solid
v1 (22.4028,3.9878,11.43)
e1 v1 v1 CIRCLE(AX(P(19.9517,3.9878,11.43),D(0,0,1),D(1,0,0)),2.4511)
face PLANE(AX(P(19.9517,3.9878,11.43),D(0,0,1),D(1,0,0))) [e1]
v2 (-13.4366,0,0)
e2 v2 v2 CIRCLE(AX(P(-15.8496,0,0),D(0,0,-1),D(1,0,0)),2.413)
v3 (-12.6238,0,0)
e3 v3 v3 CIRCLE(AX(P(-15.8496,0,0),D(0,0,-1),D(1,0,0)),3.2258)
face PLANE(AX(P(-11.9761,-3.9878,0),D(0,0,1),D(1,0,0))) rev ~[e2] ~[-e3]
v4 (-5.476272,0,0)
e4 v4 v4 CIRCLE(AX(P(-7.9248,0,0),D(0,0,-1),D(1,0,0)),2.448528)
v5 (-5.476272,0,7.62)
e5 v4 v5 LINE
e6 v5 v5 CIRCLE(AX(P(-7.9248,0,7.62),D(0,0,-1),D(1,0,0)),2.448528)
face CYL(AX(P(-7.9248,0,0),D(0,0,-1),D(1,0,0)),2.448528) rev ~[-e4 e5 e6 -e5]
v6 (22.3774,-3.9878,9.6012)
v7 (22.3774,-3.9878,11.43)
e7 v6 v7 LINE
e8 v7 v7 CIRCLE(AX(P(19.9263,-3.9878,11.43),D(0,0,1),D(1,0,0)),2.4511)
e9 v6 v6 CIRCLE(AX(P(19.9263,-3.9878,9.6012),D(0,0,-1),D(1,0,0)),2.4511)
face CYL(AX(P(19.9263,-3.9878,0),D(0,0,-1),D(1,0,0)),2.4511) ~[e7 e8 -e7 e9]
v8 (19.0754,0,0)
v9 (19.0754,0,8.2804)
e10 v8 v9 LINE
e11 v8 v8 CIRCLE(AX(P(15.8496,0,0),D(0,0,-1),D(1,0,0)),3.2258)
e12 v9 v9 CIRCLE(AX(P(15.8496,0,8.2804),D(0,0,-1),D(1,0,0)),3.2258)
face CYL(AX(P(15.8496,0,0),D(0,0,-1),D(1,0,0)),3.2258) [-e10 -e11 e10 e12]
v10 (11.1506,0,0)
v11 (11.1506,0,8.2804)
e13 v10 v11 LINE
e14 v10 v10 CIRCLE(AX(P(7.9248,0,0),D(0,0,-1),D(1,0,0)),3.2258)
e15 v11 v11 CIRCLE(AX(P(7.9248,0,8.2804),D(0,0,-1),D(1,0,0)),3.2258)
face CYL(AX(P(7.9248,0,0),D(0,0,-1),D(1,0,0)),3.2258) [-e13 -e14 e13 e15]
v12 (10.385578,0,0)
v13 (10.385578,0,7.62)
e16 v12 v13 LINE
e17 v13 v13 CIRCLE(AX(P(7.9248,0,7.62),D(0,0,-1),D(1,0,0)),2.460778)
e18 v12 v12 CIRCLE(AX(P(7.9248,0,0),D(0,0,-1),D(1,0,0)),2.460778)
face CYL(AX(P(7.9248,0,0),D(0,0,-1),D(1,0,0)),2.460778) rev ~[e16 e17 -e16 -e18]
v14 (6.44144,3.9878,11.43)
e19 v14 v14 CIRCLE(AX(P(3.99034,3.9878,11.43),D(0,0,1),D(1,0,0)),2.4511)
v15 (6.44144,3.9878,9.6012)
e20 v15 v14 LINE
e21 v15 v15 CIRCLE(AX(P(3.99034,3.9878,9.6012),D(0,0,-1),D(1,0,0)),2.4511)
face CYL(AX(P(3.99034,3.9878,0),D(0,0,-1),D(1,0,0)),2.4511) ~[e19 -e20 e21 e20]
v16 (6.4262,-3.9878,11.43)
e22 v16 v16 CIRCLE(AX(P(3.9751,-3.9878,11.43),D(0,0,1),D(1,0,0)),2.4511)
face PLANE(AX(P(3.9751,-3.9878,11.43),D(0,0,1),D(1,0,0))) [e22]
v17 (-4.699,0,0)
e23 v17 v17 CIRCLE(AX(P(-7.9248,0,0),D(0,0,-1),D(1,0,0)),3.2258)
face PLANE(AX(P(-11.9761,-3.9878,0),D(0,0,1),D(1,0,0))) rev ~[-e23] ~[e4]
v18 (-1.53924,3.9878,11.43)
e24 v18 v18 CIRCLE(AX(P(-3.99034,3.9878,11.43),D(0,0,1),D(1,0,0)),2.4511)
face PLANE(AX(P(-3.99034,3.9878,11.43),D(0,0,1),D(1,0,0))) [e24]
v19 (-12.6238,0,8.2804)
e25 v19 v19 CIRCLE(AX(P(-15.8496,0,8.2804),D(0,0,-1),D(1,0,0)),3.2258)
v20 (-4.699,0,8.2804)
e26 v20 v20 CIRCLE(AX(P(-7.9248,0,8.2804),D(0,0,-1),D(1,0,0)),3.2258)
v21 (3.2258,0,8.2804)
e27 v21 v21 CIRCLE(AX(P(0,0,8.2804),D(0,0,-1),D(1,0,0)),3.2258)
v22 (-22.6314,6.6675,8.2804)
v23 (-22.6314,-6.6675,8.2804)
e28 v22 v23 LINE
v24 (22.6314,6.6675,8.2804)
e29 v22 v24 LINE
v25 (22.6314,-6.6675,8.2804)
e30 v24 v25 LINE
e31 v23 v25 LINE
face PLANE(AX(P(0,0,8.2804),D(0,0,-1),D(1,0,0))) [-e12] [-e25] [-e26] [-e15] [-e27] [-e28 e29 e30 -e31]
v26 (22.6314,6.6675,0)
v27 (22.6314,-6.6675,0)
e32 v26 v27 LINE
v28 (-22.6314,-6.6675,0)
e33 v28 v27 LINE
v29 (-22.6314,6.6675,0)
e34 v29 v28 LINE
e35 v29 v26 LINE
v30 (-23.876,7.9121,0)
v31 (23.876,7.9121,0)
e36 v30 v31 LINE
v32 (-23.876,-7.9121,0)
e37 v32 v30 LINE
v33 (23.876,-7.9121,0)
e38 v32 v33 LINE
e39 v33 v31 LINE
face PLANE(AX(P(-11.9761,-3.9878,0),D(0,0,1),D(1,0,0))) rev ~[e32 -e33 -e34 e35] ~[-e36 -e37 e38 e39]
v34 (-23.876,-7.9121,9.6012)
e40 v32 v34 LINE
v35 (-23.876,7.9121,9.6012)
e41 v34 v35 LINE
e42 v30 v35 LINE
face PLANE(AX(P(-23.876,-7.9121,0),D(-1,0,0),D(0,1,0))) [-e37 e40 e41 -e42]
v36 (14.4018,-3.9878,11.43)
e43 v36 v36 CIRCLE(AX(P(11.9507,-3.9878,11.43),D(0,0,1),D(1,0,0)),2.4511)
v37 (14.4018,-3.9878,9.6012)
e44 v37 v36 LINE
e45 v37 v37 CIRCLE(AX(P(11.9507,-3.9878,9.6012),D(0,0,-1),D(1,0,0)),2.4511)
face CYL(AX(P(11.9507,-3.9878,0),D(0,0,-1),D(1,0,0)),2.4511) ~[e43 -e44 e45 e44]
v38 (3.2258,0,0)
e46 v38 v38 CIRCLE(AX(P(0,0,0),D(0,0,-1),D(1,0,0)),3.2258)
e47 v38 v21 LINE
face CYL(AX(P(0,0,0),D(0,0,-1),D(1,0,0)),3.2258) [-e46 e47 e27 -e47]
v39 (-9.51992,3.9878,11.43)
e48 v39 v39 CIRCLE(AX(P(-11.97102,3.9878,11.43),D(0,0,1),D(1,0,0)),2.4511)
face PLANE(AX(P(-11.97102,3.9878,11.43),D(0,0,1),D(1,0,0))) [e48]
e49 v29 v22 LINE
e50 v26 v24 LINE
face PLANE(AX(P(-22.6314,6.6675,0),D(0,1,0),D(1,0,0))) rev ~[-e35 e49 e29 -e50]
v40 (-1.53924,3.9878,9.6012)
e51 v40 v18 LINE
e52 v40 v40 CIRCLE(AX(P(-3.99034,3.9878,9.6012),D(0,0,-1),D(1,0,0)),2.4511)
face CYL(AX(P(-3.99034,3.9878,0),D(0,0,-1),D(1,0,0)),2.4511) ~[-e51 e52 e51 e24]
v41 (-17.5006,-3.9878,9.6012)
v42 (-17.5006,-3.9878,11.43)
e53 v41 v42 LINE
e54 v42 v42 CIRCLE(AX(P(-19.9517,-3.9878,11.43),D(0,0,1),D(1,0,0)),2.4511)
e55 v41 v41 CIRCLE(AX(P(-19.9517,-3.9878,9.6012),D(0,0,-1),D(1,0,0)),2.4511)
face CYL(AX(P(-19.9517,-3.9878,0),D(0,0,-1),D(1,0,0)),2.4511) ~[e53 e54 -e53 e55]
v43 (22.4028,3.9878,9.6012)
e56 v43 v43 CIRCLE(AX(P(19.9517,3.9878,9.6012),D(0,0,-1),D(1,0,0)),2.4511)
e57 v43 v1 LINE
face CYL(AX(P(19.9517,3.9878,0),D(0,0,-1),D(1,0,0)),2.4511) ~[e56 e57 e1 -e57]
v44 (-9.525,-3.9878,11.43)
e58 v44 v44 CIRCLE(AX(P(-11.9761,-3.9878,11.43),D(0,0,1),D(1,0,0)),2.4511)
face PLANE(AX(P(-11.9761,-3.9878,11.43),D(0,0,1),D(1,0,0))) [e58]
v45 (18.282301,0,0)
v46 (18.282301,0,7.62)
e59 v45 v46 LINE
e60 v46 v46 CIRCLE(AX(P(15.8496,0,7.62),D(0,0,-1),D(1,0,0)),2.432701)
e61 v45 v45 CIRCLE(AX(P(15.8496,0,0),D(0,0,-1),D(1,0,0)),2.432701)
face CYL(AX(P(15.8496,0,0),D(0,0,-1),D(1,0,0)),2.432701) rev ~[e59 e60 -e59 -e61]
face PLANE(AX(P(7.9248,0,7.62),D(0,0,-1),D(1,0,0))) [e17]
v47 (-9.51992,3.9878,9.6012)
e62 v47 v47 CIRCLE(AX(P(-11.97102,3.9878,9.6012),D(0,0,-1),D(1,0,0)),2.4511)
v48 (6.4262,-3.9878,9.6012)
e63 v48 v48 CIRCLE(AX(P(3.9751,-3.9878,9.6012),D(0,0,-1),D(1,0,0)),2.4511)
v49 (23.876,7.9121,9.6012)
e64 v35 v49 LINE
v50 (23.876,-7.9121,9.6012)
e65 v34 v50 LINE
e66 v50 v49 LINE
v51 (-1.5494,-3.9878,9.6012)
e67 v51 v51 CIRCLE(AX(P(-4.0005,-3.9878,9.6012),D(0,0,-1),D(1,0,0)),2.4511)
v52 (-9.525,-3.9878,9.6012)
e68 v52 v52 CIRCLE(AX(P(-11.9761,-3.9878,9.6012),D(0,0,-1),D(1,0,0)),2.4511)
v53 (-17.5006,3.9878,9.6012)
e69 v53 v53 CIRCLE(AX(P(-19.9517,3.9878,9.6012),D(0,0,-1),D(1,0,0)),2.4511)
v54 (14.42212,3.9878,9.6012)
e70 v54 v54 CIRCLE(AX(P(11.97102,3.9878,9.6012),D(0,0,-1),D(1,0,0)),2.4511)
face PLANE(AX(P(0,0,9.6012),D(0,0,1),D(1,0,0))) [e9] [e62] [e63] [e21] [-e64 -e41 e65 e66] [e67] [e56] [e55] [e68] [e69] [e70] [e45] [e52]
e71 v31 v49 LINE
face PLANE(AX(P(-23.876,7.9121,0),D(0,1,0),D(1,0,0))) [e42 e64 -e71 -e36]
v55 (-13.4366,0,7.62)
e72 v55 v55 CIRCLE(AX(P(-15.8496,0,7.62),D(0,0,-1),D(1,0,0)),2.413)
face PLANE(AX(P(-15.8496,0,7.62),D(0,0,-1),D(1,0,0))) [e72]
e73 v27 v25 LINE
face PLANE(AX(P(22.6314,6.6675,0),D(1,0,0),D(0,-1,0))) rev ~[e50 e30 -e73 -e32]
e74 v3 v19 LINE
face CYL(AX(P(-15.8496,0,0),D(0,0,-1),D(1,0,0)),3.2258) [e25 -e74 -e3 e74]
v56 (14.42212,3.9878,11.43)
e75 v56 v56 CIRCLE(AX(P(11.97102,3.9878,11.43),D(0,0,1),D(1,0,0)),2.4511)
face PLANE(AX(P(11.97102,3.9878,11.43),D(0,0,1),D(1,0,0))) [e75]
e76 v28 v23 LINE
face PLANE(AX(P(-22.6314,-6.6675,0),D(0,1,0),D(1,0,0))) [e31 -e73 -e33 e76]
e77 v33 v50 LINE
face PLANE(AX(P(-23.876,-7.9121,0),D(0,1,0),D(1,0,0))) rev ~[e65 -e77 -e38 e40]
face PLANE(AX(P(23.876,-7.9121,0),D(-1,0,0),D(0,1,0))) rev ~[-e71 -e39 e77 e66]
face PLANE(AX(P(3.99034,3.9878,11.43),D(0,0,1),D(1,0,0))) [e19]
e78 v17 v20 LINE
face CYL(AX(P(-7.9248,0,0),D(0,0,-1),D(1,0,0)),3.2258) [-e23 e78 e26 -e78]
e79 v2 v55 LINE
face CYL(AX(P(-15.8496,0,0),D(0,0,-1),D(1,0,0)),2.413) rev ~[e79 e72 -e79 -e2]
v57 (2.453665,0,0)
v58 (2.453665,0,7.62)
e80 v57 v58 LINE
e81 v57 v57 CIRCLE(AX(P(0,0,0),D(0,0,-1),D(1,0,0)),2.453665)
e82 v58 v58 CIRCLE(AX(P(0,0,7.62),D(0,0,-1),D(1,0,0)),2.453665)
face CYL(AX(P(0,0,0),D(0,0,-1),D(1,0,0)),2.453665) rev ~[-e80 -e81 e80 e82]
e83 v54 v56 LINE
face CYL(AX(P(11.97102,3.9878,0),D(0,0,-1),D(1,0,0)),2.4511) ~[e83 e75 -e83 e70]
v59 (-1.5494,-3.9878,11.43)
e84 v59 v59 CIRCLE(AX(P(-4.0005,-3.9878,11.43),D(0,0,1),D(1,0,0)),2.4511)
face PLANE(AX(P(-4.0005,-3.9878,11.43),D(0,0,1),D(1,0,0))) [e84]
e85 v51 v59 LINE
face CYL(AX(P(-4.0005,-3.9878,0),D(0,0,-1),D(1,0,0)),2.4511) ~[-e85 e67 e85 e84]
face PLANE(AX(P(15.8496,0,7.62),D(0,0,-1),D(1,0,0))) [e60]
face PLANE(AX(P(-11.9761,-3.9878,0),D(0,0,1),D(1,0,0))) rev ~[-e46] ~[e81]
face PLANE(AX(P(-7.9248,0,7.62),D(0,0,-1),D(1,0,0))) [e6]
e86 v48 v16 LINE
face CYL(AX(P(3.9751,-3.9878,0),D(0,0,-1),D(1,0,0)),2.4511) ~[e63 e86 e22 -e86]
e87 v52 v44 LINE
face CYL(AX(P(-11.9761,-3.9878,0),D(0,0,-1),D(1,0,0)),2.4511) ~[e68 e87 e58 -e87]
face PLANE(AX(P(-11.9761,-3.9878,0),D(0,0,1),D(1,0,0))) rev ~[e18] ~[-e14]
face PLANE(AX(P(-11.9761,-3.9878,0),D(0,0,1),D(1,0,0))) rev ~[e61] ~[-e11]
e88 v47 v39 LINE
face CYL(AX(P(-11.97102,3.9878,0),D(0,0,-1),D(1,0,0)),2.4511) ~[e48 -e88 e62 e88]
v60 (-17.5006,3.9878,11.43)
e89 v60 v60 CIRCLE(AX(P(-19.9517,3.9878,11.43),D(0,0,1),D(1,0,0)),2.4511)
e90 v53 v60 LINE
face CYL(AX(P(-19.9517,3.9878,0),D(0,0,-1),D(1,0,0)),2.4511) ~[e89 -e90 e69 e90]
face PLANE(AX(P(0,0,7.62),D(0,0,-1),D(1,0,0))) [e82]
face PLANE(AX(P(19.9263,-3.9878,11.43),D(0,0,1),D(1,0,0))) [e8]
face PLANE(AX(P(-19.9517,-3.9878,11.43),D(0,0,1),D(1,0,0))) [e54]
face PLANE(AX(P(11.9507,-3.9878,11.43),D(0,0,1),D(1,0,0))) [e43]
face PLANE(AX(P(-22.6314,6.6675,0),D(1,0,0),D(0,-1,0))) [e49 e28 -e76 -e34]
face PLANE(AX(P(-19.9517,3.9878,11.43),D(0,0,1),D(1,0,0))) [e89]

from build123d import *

# Parameters (mm, degrees)
F0_W      = 47.752
F0_H      = 15.8242
F0_R      = 2.4511
F1_DEPTH  = 9.6012
F2_DEPTH  = 11.43
F3_W      = 45.2628
F3_H      = 13.335
F3_R      = 3.2258
F4_DEPTH  = 7.62
F5_DEPTH  = 8.2804
F6_R      = 2.413
F7_DEPTH  = 7.62
F8_R      = 2.448528
F9_DEPTH  = 7.62
F10_R     = 2.453665
F11_DEPTH = 7.62
F12_R     = 2.460778
F13_DEPTH = 7.62
F14_R     = 2.432701
F15_DEPTH = 7.62


with BuildPart() as f1:
    # F0 (on Top) → F1 (new body)
    with BuildSketch(Plane.XY):
        Rectangle(F0_W, F0_H)
        with Locations((-19.9517, -3.9878)):
            Circle(F0_R, mode=Mode.SUBTRACT)
        with Locations((-11.9761, -3.9878)):
            Circle(F0_R, mode=Mode.SUBTRACT)
        with Locations((-4.0005, -3.9878)):
            Circle(F0_R, mode=Mode.SUBTRACT)
        with Locations((3.9751, -3.9878)):
            Circle(F0_R, mode=Mode.SUBTRACT)
        with Locations((11.9507, -3.9878)):
            Circle(F0_R, mode=Mode.SUBTRACT)
        with Locations((19.9263, -3.9878)):
            Circle(F0_R, mode=Mode.SUBTRACT)
        with Locations((-19.9517, 3.9878)):
            Circle(F0_R, mode=Mode.SUBTRACT)
        with Locations((-11.97102, 3.9878)):
            Circle(F0_R, mode=Mode.SUBTRACT)
        with Locations((-3.99034, 3.9878)):
            Circle(F0_R, mode=Mode.SUBTRACT)
        with Locations((3.99034, 3.9878)):
            Circle(F0_R, mode=Mode.SUBTRACT)
        with Locations((11.97102, 3.9878)):
            Circle(F0_R, mode=Mode.SUBTRACT)
        with Locations((19.9517, 3.9878)):
            Circle(F0_R, mode=Mode.SUBTRACT)
        with Locations((-19.9517, 3.9878)):
            Circle(F0_R)
        with Locations((-19.9517, -3.9878)):
            Circle(F0_R)
        with Locations((-11.9761, -3.9878)):
            Circle(F0_R)
        with Locations((-11.97102, 3.9878)):
            Circle(F0_R)
        with Locations((-3.99034, 3.9878)):
            Circle(F0_R)
        with Locations((-4.0005, -3.9878)):
            Circle(F0_R)
        with Locations((3.9751, -3.9878)):
            Circle(F0_R)
        with Locations((3.99034, 3.9878)):
            Circle(F0_R)
        with Locations((11.9507, -3.9878)):
            Circle(F0_R)
        with Locations((11.97102, 3.9878)):
            Circle(F0_R)
        with Locations((19.9263, -3.9878)):
            Circle(F0_R)
        with Locations((19.9517, 3.9878)):
            Circle(F0_R)
    extrude(amount=F1_DEPTH)

    # F0 (on Top) → F2 (join)
    with BuildSketch(Plane.XY):
        with Locations((-11.9761, -3.9878)):
            Circle(F0_R)
        with Locations((-19.9517, -3.9878)):
            Circle(F0_R)
        with Locations((-4.0005, -3.9878)):
            Circle(F0_R)
        with Locations((3.9751, -3.9878)):
            Circle(F0_R)
        with Locations((11.9507, -3.9878)):
            Circle(F0_R)
        with Locations((19.9263, -3.9878)):
            Circle(F0_R)
        with Locations((3.99034, 3.9878)):
            Circle(F0_R)
        with Locations((11.97102, 3.9878)):
            Circle(F0_R)
        with Locations((19.9517, 3.9878)):
            Circle(F0_R)
        with Locations((-3.99034, 3.9878)):
            Circle(F0_R)
        with Locations((-11.97102, 3.9878)):
            Circle(F0_R)
        with Locations((-19.9517, 3.9878)):
            Circle(F0_R)
    extrude(amount=F2_DEPTH)

    # F3 (on face) → F4 (join)
    with BuildSketch(Plane(origin=(0, 0, 0), x_dir=(1, 0, 0), z_dir=(0, 0, -1))):
        Rectangle(F3_W, F3_H)
        with Locations((-15.8496, 0)):
            Circle(F3_R, mode=Mode.SUBTRACT)
        with Locations((-7.9248, 0)):
            Circle(F3_R, mode=Mode.SUBTRACT)
        Circle(F3_R, mode=Mode.SUBTRACT)
        with Locations((7.9248, 0)):
            Circle(F3_R, mode=Mode.SUBTRACT)
        with Locations((15.8496, 0)):
            Circle(F3_R, mode=Mode.SUBTRACT)
    extrude(amount=-F4_DEPTH)

    # F3 (on face) → F5 (cut)
    with BuildSketch(Plane(origin=(0, 0, 0), x_dir=(1, 0, 0), z_dir=(0, 0, -1))):
        Rectangle(F3_W, F3_H)
        with Locations((-15.8496, 0)):
            Circle(F3_R, mode=Mode.SUBTRACT)
        with Locations((-7.9248, 0)):
            Circle(F3_R, mode=Mode.SUBTRACT)
        Circle(F3_R, mode=Mode.SUBTRACT)
        with Locations((7.9248, 0)):
            Circle(F3_R, mode=Mode.SUBTRACT)
        with Locations((15.8496, 0)):
            Circle(F3_R, mode=Mode.SUBTRACT)
    extrude(amount=-F5_DEPTH, mode=Mode.SUBTRACT)

    # F6 (on face) → F7 (cut)
    with BuildSketch(Plane(origin=(0, 0, 0), x_dir=(1, 0, 0), z_dir=(0, 0, -1))):
        with Locations((-15.8496, 0)):
            Circle(F6_R)
    extrude(amount=-F7_DEPTH, mode=Mode.SUBTRACT)

    # F8 (on face) → F9 (cut)
    with BuildSketch(Plane(origin=(0, 0, 0), x_dir=(1, 0, 0), z_dir=(0, 0, -1))):
        with Locations((-7.9248, 0)):
            Circle(F8_R)
    extrude(amount=-F9_DEPTH, mode=Mode.SUBTRACT)

    # F10 (on face) → F11 (cut)
    with BuildSketch(Plane(origin=(0, 0, 0), x_dir=(1, 0, 0), z_dir=(0, 0, -1))):
        Circle(F10_R)
    extrude(amount=-F11_DEPTH, mode=Mode.SUBTRACT)

    # F12 (on face) → F13 (cut)
    with BuildSketch(Plane(origin=(0, 0, 0), x_dir=(1, 0, 0), z_dir=(0, 0, -1))):
        with Locations((7.9248, 0)):
            Circle(F12_R)
    extrude(amount=-F13_DEPTH, mode=Mode.SUBTRACT)

    # F14 (on face) → F15 (cut)
    with BuildSketch(Plane(origin=(0, 0, 0), x_dir=(1, 0, 0), z_dir=(0, 0, -1))):
        with Locations((15.8496, 0)):
            Circle(F14_R)
    extrude(amount=-F15_DEPTH, mode=Mode.SUBTRACT)


solid = f1.part
